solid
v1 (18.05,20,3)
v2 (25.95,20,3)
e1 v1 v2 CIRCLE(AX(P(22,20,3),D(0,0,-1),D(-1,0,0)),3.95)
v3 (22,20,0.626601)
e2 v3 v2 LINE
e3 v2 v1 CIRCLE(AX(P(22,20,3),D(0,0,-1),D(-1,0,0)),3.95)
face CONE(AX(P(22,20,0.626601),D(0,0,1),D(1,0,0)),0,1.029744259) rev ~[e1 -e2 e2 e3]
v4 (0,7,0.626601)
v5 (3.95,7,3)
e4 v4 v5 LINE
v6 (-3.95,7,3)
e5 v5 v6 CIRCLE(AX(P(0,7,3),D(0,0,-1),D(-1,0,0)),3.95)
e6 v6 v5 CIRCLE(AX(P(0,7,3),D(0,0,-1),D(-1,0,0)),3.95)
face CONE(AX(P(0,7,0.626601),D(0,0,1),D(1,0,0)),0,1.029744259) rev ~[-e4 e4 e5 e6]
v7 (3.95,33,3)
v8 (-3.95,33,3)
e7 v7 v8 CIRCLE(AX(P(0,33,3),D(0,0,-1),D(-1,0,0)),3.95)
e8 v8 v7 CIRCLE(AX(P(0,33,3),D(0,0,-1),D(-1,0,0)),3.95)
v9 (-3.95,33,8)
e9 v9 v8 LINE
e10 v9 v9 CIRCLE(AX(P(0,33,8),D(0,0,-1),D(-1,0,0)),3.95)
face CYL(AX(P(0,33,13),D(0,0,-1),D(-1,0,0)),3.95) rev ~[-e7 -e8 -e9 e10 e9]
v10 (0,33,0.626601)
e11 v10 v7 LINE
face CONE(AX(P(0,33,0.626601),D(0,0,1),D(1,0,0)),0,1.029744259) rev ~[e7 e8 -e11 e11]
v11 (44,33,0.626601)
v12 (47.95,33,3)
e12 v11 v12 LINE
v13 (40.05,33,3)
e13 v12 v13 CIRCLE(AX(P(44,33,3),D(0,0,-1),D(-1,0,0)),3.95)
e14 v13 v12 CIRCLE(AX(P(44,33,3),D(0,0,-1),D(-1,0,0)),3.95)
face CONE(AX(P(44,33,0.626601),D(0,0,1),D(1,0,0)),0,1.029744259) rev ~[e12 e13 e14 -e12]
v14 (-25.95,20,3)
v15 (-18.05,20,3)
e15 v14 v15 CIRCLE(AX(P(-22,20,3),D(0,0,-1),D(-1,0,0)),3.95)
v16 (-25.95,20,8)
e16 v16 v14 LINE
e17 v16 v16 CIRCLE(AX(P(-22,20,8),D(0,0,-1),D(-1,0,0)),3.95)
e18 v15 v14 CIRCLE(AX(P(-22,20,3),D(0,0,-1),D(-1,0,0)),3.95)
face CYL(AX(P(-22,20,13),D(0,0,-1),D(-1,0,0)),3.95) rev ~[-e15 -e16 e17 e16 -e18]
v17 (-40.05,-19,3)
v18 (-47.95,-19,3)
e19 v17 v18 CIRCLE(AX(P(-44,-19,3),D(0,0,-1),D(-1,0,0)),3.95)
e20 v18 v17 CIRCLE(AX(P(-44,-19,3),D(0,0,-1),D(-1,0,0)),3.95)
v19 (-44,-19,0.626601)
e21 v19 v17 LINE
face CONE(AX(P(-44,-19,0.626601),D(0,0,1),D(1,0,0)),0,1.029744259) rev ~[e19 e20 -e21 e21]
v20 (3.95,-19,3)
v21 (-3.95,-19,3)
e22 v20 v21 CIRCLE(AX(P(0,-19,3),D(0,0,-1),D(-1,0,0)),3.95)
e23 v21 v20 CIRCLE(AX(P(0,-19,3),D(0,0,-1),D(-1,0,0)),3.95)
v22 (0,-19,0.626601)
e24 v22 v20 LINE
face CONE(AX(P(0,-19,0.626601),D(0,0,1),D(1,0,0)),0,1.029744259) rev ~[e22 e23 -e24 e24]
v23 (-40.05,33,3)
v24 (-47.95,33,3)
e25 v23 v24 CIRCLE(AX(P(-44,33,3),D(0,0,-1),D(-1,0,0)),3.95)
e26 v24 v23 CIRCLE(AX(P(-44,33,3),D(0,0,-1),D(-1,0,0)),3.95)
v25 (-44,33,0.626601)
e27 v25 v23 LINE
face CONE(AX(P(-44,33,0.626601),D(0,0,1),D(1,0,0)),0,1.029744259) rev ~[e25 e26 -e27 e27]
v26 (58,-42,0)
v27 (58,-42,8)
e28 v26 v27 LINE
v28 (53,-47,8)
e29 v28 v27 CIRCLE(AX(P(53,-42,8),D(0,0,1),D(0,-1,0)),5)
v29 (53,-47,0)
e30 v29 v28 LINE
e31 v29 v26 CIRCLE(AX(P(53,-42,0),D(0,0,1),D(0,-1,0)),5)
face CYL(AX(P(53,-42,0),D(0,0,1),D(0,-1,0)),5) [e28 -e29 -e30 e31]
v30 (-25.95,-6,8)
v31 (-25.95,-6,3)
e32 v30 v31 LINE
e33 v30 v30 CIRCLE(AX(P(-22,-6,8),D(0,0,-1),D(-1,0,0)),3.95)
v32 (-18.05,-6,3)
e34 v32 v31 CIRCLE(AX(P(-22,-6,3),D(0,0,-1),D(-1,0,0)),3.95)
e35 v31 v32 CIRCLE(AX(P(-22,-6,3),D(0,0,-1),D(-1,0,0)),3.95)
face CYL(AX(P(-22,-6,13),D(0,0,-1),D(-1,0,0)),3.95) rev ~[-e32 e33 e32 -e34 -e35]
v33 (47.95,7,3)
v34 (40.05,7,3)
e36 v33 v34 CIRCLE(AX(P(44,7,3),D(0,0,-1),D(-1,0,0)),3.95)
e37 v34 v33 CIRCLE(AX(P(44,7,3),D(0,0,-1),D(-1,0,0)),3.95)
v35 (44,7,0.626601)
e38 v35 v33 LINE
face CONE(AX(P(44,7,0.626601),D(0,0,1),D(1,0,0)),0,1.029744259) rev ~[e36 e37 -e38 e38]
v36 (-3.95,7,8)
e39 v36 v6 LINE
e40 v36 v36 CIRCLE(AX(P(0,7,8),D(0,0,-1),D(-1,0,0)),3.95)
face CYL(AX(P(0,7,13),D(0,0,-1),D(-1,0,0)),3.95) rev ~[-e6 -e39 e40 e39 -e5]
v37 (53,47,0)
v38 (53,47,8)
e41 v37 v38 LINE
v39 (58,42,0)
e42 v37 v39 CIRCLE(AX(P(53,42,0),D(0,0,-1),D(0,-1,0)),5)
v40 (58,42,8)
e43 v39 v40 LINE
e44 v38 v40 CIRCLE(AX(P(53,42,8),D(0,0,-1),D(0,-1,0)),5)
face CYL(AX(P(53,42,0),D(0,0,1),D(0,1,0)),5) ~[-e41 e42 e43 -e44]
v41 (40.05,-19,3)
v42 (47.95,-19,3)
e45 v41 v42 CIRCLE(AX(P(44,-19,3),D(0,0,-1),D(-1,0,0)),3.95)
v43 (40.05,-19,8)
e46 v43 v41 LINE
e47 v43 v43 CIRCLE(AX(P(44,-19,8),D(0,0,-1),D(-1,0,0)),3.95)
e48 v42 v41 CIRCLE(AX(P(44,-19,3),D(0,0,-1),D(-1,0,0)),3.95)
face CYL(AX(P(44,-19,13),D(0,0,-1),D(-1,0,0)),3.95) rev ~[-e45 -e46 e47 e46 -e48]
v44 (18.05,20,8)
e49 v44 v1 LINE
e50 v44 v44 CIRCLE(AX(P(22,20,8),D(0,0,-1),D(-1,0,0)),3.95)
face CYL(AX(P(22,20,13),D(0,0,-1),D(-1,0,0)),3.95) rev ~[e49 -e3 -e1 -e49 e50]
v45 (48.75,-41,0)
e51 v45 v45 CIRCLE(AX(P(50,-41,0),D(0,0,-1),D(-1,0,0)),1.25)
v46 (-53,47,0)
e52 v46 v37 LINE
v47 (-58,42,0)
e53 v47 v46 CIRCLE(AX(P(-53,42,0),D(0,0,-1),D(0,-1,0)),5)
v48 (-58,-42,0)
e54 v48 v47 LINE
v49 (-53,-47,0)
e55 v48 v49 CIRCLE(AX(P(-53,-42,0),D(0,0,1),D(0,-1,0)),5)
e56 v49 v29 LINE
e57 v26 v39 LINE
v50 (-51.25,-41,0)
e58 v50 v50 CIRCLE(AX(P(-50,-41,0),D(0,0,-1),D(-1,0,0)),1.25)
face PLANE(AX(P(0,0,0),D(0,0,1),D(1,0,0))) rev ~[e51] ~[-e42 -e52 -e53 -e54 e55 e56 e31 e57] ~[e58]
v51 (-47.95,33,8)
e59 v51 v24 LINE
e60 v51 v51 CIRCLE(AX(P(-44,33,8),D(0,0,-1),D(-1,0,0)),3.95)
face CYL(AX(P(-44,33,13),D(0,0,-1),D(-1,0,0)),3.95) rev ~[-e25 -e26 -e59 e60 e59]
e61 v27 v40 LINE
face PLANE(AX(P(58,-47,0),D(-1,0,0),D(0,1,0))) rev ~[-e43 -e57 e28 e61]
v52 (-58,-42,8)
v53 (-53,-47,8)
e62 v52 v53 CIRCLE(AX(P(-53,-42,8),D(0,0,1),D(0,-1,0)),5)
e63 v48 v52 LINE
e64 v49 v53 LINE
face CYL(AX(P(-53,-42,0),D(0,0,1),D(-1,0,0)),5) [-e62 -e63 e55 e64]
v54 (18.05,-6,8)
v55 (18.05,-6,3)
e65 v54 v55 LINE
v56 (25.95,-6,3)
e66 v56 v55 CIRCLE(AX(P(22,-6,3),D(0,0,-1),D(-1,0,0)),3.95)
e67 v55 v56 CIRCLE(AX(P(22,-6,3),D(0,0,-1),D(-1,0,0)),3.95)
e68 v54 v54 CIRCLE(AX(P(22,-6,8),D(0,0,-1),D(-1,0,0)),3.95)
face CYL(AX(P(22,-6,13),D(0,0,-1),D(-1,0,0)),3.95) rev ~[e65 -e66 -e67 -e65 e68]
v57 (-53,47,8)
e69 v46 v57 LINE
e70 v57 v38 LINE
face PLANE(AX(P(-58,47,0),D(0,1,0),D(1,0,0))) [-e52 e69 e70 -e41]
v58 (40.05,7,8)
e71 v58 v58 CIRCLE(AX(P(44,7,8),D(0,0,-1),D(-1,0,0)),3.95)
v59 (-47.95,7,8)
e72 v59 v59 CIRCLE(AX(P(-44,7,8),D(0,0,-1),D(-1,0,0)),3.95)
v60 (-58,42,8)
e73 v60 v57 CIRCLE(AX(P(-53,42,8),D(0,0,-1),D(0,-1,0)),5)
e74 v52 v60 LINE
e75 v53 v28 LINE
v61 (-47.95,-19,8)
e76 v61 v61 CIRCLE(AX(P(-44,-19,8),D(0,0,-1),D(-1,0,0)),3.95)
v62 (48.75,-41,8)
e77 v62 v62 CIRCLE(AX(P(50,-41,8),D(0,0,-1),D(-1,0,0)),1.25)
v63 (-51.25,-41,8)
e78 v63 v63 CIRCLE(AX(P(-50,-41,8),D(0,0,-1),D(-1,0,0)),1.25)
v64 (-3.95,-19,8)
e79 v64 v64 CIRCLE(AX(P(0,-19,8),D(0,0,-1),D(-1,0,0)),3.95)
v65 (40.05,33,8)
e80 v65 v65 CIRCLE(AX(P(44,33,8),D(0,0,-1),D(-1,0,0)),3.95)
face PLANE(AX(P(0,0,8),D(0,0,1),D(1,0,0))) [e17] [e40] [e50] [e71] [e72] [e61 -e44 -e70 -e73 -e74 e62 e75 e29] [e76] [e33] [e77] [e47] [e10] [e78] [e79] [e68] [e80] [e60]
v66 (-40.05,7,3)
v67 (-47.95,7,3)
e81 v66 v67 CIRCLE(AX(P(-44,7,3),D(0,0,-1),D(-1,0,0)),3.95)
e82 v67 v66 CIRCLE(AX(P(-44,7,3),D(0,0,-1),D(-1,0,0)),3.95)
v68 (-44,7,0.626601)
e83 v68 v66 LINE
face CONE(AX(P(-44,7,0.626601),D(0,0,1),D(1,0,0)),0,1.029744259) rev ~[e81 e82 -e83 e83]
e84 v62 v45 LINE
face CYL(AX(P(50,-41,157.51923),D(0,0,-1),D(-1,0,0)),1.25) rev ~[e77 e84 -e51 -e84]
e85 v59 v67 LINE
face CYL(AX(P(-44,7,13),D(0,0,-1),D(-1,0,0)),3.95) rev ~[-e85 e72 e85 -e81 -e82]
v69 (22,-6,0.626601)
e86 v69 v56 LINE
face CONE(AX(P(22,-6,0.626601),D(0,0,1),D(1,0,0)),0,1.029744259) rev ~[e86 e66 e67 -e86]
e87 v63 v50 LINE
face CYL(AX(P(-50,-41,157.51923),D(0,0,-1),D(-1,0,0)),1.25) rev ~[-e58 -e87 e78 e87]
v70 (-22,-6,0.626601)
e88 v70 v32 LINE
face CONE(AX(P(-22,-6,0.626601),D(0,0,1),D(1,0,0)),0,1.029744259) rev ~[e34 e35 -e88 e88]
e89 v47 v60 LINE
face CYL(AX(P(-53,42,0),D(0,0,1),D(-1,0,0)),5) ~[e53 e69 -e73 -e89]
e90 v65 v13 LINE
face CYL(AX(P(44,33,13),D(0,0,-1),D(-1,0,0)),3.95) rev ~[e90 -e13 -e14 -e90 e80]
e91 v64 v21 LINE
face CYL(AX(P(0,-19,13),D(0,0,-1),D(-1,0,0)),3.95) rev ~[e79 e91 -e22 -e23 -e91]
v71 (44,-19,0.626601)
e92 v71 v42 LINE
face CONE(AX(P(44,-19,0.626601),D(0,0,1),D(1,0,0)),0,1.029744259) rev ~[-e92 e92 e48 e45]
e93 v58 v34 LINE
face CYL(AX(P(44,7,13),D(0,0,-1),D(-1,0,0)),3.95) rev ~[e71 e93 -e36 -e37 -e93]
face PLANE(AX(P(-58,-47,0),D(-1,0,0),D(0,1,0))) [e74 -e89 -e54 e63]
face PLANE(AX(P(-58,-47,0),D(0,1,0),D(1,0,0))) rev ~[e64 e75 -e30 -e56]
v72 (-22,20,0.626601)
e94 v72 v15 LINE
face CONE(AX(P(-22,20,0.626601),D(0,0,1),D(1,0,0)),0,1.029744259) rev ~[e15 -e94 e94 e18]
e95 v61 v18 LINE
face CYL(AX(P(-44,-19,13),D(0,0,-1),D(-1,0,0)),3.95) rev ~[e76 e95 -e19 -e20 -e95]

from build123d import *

# Parameters (mm, degrees)
F0_W     = 116
F0_H     = 94
F1_DEPTH = 8
F3_D     = 7.9
F3_DEPTH = 5
F3_TIP   = 2.3733994452
F5_D     = 2.5
F6_R     = 5


with BuildPart() as f1:
    # F0 (on Top) → F1 (new body)
    with BuildSketch(Plane.XY):
        Rectangle(F0_W, F0_H)
    extrude(amount=F1_DEPTH)

    # F3
    with Locations(Plane.XY.offset(8)):
        with Locations((-44, 33), (-22, 20), (-44, 7), (-44, -19), (-22, -6), (0, -19), (0, 7), (0, 33), (22, 20), (22, -6), (44, 7), (44, 33), (44, -19)):
            Hole(F3_D / 2, depth=F3_DEPTH)
            with Locations((0, 0, -(F3_DEPTH + F3_TIP / 2))):  # 118° drill point
                Cone(0, F3_D / 2, F3_TIP, mode=Mode.SUBTRACT)

    # F5 (through all)
    with Locations(Plane.XY.offset(8)):
        with Locations((-50, -41), (50, -41)):
            Hole(F5_D / 2)

    # F6
    f6_edges = [f1.edges().sort_by_distance(p)[0] for p in [
        (-58, -47, 4),
        (58, -47, 4),
        (-58, 47, 4),
        (58, 47, 4),
    ]]
    fillet(f6_edges, radius=F6_R)


solid = f1.part
